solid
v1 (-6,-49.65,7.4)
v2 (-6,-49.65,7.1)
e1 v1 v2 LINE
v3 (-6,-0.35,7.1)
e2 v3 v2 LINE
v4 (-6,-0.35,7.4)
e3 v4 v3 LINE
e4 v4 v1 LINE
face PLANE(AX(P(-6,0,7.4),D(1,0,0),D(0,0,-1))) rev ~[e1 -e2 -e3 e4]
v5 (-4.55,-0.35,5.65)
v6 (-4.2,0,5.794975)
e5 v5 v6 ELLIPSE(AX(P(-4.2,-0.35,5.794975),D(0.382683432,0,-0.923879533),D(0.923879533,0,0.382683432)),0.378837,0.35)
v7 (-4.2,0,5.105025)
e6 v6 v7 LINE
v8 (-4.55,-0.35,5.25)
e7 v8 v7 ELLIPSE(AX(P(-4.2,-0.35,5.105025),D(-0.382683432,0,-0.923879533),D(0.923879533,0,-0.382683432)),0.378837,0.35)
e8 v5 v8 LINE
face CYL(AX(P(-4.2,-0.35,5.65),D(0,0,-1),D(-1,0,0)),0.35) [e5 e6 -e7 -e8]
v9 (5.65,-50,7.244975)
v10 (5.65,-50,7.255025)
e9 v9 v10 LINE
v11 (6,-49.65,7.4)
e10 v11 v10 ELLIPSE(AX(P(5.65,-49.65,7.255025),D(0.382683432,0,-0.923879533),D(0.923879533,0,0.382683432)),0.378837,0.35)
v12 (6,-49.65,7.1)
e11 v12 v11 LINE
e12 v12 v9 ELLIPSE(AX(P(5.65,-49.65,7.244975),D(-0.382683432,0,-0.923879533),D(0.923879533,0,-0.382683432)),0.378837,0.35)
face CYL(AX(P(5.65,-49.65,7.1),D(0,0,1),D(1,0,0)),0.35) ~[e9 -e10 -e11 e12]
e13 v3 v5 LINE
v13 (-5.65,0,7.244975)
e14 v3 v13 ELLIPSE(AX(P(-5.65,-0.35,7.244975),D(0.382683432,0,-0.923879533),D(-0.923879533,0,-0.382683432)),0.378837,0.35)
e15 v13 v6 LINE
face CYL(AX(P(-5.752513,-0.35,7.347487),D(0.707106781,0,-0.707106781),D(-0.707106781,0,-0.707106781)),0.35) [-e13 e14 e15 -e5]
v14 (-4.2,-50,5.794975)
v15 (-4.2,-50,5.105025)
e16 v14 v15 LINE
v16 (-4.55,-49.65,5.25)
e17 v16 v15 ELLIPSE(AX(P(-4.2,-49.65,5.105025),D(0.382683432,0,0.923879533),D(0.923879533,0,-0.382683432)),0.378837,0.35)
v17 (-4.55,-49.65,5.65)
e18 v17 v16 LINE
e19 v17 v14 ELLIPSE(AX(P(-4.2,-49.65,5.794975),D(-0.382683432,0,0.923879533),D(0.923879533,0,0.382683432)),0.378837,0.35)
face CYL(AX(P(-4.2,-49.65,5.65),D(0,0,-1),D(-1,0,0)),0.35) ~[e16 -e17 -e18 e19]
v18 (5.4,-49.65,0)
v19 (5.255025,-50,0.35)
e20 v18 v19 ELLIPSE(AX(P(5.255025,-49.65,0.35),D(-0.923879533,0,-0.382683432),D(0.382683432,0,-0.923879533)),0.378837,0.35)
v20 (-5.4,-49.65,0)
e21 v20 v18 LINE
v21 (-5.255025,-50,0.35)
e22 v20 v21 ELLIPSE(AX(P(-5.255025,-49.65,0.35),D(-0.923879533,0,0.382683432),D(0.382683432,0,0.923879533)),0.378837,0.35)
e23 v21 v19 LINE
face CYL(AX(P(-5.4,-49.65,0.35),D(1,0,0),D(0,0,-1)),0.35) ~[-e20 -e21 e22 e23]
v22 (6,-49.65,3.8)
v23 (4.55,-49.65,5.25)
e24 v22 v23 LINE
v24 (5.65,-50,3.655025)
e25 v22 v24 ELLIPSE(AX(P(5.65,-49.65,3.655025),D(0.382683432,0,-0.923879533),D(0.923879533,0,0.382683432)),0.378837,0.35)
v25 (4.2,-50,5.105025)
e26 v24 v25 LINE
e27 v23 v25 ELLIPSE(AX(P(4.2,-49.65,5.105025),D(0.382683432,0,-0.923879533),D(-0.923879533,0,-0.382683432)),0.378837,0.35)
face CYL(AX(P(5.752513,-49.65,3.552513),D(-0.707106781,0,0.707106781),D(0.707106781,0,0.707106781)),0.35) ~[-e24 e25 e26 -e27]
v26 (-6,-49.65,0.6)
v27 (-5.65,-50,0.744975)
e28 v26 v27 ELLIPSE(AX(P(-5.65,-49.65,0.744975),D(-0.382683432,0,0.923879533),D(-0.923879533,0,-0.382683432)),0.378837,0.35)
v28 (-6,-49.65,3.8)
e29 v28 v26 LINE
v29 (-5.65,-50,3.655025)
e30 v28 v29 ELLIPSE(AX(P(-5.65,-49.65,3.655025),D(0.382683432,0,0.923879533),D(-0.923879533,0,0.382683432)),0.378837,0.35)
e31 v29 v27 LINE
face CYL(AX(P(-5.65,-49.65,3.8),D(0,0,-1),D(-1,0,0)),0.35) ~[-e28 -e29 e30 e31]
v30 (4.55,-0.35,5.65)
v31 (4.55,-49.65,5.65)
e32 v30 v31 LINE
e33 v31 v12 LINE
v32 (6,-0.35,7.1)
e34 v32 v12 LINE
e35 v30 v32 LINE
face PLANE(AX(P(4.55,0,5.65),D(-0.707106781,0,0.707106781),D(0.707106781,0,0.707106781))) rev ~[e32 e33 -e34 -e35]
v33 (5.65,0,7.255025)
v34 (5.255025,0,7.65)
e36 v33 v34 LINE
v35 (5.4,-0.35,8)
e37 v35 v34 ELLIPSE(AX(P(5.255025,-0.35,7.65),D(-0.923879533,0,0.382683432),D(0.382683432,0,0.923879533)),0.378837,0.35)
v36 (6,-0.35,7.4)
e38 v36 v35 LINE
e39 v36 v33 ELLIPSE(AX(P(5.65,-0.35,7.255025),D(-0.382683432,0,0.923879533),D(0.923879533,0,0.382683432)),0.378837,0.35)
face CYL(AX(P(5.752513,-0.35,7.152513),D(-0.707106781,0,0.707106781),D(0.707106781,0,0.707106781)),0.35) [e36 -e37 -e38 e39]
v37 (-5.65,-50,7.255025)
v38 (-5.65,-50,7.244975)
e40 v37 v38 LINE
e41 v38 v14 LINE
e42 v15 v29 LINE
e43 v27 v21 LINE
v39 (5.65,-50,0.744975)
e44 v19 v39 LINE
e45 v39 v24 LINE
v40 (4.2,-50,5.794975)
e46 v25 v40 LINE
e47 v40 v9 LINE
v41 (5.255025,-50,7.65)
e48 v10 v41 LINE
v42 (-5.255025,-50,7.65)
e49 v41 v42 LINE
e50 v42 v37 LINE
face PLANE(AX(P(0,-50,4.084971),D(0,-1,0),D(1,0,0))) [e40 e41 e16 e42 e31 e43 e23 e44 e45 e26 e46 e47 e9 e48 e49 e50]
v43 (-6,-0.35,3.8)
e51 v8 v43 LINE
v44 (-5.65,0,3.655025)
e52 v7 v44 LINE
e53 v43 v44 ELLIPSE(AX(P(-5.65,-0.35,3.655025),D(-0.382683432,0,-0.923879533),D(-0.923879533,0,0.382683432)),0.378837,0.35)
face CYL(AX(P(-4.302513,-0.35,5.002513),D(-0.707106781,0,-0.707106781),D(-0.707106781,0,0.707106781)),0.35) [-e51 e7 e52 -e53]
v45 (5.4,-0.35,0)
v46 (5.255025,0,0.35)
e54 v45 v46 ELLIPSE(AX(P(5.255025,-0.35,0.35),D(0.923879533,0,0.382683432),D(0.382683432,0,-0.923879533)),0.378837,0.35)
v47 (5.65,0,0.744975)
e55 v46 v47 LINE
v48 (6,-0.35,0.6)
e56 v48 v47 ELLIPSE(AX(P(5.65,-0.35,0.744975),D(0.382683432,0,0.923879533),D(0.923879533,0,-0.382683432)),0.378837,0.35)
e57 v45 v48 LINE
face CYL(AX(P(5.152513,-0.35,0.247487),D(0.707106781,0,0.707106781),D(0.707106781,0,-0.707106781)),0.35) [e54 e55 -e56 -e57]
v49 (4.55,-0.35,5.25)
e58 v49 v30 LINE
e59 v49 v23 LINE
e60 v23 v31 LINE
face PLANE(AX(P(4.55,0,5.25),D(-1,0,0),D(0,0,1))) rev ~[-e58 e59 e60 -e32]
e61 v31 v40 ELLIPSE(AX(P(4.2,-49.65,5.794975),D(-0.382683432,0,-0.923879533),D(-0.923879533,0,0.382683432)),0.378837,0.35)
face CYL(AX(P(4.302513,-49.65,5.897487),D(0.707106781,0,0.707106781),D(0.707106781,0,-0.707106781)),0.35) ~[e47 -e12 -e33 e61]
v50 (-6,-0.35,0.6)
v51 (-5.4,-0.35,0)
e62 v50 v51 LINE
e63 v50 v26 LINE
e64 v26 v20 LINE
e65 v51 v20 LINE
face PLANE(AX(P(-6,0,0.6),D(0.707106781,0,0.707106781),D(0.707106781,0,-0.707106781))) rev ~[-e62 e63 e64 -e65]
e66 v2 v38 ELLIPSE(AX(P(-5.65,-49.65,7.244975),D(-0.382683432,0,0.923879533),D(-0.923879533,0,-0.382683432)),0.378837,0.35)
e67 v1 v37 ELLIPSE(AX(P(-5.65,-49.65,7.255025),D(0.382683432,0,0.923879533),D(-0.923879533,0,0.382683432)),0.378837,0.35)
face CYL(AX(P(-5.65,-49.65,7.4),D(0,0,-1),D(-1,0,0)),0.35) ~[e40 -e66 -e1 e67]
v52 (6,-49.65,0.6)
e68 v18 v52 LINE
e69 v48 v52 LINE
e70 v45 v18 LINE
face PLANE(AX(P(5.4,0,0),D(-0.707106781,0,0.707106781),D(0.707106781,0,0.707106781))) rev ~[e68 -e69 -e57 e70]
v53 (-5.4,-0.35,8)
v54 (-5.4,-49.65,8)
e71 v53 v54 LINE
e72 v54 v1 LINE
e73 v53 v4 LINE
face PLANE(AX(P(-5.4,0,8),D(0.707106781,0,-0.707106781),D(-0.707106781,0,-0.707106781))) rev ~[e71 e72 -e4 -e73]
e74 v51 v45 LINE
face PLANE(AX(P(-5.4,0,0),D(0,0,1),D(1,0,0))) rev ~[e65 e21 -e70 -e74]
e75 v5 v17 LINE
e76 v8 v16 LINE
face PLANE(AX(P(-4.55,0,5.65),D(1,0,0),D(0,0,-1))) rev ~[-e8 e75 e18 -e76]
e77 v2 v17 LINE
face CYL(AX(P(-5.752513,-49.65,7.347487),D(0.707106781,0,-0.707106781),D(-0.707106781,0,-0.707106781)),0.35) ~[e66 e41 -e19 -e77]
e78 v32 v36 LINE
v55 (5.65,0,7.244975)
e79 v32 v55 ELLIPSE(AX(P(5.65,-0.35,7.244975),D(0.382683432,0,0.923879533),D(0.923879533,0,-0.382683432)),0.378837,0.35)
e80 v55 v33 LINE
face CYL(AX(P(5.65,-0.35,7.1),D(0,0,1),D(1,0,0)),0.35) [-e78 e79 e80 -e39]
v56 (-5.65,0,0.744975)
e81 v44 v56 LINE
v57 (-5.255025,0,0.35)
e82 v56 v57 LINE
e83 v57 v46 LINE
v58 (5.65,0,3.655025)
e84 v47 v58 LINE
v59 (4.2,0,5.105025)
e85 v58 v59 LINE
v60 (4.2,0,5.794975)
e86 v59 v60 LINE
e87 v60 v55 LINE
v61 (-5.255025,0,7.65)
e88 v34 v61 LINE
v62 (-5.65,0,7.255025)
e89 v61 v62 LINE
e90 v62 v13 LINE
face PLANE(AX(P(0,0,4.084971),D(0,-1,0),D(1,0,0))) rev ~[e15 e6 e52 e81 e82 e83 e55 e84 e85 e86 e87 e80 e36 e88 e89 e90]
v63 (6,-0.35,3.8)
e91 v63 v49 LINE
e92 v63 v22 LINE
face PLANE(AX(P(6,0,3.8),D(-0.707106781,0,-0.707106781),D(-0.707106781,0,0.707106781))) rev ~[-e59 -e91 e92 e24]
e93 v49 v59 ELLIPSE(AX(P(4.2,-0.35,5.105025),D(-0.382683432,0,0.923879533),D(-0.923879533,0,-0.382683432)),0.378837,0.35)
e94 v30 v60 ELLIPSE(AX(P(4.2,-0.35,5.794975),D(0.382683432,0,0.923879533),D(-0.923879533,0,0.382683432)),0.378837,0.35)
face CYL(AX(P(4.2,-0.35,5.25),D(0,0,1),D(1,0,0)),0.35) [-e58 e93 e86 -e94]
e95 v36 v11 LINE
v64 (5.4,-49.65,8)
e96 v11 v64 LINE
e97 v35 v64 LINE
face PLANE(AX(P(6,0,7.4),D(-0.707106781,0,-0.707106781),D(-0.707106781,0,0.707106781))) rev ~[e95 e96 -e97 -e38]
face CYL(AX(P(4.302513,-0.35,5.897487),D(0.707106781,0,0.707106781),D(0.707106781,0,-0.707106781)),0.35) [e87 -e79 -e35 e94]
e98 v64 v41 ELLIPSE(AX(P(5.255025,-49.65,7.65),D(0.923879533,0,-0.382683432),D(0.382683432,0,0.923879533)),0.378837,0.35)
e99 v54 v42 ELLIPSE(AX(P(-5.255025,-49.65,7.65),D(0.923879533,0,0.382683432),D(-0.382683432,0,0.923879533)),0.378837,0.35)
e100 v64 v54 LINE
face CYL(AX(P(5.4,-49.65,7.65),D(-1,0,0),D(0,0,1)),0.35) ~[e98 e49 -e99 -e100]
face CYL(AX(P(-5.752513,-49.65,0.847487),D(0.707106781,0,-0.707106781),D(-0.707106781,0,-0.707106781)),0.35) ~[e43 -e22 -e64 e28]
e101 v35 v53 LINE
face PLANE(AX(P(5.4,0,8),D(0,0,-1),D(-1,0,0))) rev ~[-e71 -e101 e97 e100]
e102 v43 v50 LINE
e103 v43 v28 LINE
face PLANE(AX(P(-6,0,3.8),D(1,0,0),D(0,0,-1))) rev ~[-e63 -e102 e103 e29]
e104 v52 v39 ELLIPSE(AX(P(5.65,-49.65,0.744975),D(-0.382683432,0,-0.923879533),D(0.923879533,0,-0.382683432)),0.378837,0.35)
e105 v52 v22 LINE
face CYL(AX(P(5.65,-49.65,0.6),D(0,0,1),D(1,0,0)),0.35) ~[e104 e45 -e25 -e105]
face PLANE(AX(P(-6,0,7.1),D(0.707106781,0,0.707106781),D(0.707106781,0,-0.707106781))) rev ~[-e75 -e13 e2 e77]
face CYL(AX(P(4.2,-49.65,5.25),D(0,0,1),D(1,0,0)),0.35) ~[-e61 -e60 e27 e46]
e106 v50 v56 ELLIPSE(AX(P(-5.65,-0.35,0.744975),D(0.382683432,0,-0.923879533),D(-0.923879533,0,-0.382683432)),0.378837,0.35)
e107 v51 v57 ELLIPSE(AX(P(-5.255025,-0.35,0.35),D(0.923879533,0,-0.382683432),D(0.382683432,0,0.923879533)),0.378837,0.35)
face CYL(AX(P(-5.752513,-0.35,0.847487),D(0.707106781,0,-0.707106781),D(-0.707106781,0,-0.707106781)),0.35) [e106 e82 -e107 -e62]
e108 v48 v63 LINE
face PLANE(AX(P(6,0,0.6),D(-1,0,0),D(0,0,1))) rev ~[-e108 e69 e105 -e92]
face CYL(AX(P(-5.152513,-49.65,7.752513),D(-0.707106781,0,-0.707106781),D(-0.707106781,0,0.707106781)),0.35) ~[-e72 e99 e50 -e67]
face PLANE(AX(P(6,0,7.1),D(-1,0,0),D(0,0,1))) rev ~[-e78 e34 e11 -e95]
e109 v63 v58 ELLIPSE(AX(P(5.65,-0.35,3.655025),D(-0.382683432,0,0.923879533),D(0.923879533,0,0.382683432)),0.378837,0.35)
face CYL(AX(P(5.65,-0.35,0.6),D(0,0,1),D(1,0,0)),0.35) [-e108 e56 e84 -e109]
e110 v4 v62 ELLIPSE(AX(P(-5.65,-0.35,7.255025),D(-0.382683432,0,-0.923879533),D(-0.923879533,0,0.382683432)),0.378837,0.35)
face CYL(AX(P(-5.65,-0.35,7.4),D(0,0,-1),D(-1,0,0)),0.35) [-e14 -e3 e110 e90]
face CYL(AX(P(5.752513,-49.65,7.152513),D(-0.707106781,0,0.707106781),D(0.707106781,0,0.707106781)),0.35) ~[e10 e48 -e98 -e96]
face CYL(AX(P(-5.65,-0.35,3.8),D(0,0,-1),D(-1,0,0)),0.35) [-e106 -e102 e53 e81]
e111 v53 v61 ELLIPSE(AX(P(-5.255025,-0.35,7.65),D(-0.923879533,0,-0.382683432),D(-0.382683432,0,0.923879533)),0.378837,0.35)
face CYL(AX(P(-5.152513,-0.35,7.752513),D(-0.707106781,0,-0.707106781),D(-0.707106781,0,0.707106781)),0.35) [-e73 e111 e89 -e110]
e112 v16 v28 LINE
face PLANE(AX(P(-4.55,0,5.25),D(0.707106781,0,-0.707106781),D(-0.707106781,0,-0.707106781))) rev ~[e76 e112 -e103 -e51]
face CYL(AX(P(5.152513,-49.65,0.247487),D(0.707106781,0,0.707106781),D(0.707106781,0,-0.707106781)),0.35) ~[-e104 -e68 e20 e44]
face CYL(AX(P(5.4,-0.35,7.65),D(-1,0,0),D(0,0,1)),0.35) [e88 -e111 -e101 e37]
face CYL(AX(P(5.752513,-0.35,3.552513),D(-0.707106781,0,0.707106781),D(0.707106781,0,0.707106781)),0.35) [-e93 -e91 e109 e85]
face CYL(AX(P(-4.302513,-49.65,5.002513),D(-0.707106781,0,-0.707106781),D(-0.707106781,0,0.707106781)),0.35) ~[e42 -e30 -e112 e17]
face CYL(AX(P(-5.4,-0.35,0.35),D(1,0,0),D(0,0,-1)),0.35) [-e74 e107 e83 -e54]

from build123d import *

# Parameters (mm, degrees)
PAD_DEPTH = 50
FILLET_R  = 0.35


with BuildPart() as part:
    # Sketch → Pad (new body)
    with BuildSketch(Plane.XZ):
        Polygon((-5.4, 0), (5.4, 0), (6, 0.6), (6, 3.8), (4.55, 5.25), (4.55, 5.65), (6, 7.1), (6, 7.4), (5.4, 8), (-5.4, 8), (-6, 7.4), (-6, 7.1), (-4.55, 5.65), (-4.55, 5.25), (-6, 3.8), (-6, 0.6), align=None)
    extrude(amount=PAD_DEPTH)

    # Fillet
    fillet_edges = [part.edges().sort_by_distance(p)[0] for p in [
        (0, 0, 0),
        (5.7, 0, 0.3),
        (6, 0, 2.2),
        (5.275, 0, 4.525),
        (4.55, 0, 5.45),
        (5.275, 0, 6.375),
        (6, 0, 7.25),
        (5.7, 0, 7.7),
        (0, 0, 8),
        (-5.7, 0, 7.7),
        (-6, 0, 7.25),
        (-5.275, 0, 6.375),
        (-4.55, 0, 5.45),
        (-5.275, 0, 4.525),
        (-6, 0, 2.2),
        (-5.7, 0, 0.3),
        (0, -50, 0),
        (5.7, -50, 0.3),
        (6, -50, 2.2),
        (5.275, -50, 4.525),
        (4.55, -50, 5.45),
        (5.275, -50, 6.375),
        (6, -50, 7.25),
        (5.7, -50, 7.7),
        (0, -50, 8),
        (-5.7, -50, 7.7),
        (-6, -50, 7.25),
        (-5.275, -50, 6.375),
        (-4.55, -50, 5.45),
        (-5.275, -50, 4.525),
        (-6, -50, 2.2),
        (-5.7, -50, 0.3),
    ]]
    fillet(fillet_edges, radius=FILLET_R)


solid = part.part
